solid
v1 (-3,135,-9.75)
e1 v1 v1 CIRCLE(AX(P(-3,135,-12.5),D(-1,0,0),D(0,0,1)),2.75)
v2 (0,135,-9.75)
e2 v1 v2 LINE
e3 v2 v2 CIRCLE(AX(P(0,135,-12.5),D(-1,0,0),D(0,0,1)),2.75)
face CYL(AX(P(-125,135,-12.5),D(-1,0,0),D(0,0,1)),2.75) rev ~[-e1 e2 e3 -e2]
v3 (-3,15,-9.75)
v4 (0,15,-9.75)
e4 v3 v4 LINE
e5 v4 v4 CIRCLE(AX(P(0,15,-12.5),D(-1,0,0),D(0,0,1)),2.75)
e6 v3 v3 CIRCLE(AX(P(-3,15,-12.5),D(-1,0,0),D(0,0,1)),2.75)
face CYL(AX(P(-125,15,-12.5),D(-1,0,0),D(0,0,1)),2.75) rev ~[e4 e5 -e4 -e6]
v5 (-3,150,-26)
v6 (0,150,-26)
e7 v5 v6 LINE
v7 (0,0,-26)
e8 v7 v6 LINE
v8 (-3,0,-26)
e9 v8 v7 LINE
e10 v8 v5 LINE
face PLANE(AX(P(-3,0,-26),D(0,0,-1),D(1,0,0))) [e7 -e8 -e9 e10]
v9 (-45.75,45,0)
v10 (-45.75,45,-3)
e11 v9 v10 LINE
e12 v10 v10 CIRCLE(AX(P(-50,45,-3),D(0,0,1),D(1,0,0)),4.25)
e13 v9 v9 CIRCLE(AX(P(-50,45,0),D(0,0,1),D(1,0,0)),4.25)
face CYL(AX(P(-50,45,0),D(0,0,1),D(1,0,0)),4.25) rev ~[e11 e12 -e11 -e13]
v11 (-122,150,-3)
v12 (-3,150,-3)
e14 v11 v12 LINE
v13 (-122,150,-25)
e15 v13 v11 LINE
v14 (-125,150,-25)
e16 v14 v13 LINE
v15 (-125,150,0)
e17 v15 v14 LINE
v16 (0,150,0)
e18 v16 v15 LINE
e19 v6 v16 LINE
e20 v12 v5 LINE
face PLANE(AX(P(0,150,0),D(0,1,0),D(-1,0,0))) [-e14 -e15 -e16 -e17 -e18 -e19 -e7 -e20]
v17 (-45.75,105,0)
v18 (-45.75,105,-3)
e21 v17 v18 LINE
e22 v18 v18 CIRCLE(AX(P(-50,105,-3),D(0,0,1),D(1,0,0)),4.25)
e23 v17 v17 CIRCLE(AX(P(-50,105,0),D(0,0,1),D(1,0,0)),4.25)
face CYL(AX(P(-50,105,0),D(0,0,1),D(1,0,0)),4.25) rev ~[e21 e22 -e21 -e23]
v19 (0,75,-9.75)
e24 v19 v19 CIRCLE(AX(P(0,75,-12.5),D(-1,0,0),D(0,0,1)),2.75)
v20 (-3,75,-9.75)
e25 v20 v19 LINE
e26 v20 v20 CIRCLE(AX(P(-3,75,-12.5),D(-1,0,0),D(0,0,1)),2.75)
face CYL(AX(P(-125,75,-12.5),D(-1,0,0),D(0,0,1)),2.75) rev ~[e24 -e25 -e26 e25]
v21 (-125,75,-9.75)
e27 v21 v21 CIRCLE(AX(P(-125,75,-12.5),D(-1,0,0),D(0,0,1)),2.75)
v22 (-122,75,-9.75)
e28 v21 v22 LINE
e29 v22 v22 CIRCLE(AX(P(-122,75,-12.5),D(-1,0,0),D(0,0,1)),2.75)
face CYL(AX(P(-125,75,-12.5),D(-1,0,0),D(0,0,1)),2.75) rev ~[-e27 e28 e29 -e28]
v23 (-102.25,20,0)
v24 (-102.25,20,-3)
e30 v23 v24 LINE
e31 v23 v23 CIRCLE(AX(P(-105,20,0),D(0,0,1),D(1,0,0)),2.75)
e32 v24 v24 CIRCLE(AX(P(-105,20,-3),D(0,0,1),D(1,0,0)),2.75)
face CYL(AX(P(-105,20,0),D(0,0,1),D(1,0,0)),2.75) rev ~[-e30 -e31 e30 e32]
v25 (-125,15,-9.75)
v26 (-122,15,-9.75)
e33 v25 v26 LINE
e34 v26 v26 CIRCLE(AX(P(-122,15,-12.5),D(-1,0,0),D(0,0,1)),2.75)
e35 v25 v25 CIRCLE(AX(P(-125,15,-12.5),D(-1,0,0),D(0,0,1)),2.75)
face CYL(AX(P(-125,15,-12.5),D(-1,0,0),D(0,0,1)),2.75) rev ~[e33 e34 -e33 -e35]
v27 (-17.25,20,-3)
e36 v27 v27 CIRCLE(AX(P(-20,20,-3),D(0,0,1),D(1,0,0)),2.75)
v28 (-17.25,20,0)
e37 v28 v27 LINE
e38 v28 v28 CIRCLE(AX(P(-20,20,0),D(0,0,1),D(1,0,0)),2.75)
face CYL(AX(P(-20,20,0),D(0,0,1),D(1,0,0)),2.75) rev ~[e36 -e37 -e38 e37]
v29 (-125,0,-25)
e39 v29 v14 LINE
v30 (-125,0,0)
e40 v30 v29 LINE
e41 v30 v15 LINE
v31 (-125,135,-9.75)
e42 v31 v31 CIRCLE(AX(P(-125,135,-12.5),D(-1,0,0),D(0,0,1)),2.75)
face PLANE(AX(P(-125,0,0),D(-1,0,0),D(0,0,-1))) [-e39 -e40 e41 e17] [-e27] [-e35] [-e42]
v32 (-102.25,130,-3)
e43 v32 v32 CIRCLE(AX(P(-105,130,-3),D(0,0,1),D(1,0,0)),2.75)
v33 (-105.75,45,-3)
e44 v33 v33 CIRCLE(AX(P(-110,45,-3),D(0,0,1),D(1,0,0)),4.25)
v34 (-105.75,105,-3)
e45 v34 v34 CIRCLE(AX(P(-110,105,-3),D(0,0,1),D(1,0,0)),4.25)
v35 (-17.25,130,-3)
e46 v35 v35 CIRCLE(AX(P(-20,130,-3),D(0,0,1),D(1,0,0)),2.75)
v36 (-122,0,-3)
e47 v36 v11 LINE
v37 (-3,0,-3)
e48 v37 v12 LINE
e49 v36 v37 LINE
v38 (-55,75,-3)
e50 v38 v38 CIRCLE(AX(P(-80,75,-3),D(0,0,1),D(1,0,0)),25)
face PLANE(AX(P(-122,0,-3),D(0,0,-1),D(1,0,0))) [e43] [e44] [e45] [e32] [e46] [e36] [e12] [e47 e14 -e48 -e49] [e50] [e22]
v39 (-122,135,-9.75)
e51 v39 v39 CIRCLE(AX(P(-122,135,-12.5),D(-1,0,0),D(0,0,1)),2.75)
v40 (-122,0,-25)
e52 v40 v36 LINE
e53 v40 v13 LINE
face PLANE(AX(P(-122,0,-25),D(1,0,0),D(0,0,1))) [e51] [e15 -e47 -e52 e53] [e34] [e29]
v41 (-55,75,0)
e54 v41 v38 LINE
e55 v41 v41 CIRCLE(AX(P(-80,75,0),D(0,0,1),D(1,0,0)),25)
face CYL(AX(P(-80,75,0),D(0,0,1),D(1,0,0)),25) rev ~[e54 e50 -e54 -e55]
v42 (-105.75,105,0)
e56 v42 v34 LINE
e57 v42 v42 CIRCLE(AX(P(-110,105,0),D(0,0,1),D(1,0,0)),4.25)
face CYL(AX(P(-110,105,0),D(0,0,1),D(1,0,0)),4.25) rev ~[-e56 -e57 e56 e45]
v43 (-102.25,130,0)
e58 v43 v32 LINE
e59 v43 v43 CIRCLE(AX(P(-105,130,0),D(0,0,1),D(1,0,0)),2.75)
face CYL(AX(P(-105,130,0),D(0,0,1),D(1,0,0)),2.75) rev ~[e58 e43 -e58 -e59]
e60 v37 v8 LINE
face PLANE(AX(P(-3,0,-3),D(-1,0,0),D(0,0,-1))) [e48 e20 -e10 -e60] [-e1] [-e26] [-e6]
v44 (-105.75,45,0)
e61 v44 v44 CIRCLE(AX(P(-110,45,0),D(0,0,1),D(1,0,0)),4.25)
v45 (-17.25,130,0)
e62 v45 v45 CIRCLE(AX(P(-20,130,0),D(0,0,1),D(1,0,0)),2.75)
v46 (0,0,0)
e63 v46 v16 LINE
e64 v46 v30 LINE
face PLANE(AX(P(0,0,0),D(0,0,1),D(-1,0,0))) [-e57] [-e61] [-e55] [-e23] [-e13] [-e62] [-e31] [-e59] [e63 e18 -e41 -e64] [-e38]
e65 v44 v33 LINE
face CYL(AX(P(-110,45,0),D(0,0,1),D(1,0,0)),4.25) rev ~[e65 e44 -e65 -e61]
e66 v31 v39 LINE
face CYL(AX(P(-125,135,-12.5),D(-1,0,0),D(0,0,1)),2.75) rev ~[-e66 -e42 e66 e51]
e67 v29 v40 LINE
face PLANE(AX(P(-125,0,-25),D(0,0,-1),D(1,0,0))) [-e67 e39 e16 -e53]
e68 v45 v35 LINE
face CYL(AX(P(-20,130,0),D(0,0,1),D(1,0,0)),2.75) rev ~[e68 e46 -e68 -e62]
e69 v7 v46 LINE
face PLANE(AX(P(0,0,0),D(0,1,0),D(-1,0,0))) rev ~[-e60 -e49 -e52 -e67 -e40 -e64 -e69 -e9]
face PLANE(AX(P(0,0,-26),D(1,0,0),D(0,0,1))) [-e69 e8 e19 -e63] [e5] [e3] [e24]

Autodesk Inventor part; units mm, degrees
ref_plane "YZ Plane" through (0, 0, 0) normal (1, 0, 0) x (0, 1, 0)
ref_plane "XZ Plane" through (0, 0, 0) normal (0, 1, 0) x (-1, 0, 0)
ref_plane "XY Plane" through (0, 0, 0) normal (0, 0, 1) x (1, 0, 0)
sketch "Sketch1" plane through (0, 0, 0) normal (0, 1, 0) x (-1, 0, 0)
  line L0 (0, 0) -> (125, 0)
  line L1 (0, 0) -> (125, 0) construction
  line L2 (125, 0) -> (125, -25)
  line L3 (125, -25) -> (122, -25)
  line L4 (122, -25) -> (122, -3)
  line L5 (122, -3) -> (3, -3)
  line L6 (3, -3) -> (3, -26)
  line L7 (3, -26) -> (0, -26)
  line L8 (0, -26) -> (0, 0)
  dimension "d0" = 125
  dimension "d2" = 25
  dimension "d3" = 90
  dimension "d4" = 90
  dimension "d5" = 3
  dimension "d6" = 22
  dimension "d7" = 119
  dimension "d8" = 90
  dimension "d9" = 23
  dimension "d10" = 90
  dimension "d11" = 3
  dimension "d12" = 90
extrude "Extrusion1" add sketch "Sketch1" along normal blind 150
sketch "Sketch2" plane through (-125, 0, 0) normal (0, 0, 1) x (1, 0, 0)
  circle A0 centre (15, 105) radius 4.25
  circle A1 centre (75, 105) radius 4.25
  circle A2 centre (15, 45) radius 4.25
  circle A3 centre (75, 45) radius 4.25
  line L0 (125, 0) -> (125, 150) projected
  line L1 (125, 0) -> (0, 0) projected
  circle A4 centre (45, 75) radius 25
  dimension "d15" = 8.5
  dimension "d16" = 8.5
  dimension "d17" = 8.5
  dimension "d18" = 8.5
  dimension "d19" = 60
  dimension "d20" = 60
  dimension "d21" = 60
  dimension "d22" = 60
  dimension "d23" = 60
  dimension "d24" = 60
  dimension "d25" = 50
  dimension "d26" = 45
  dimension "d27" = 50
  dimension "d28" = 80
  dimension "d29" = 75
extrude "Extrusion2" cut sketch "Sketch2" against normal blind 10
sketch "Sketch3" plane through (-125, 0, -25) normal (-1, 0, 0) x (0, 0, 1)
  circle A0 centre (12.5, 15) radius 2.75
  circle A1 centre (12.5, 135) radius 2.75
  line L0 (25, 0) -> (0, 0) projected
  line L1 (0, 150) -> (25, 150) projected
  line L2 (0, 0) -> (0, 150) projected
  line L3 (25, 0) -> (25, 150) projected
  circle A2 centre (12.5, 75) radius 2.75
  dimension "d32" = 5.5
  dimension "d33" = 5.5
  dimension "d34" = 15
  dimension "d35" = 15
  dimension "d36" = 12.5
  dimension "d37" = 12.5
  dimension "d38" = 5.5
  dimension "d39" = 12.5
  dimension "d40" = 75
extrude "Extrusion3" cut sketch "Sketch3" against normal blind 154.4625 contours A0 | A1 | A2
sketch "Sketch5" plane through (-125, 0, 0) normal (0, 0, 1) x (1, 0, 0)
  circle A0 centre (20, 130) radius 2.75
  circle A1 centre (105, 130) radius 2.75
  circle A2 centre (105, 20) radius 2.75
  circle A3 centre (20, 20) radius 2.75
  line L0 (0, 0) -> (0, 150) projected
  line L1 (0, 150) -> (125, 150) projected
  line L2 (125, 0) -> (125, 150) projected
  line L3 (125, 0) -> (0, 0) projected
  dimension "d45" = 5.5
  dimension "d46" = 5.5
  dimension "d47" = 5.5
  dimension "d48" = 5.5
  dimension "d49" = 20
  dimension "d50" = 20
  dimension "d51" = 20
  dimension "d52" = 20
  dimension "d53" = 20
  dimension "d54" = 20
  dimension "d55" = 20
  dimension "d56" = 20
extrude "Extrusion5" cut sketch "Sketch5" against normal through all contours A0 | A1 | A2 | A3
equation "\"d50\" = d49"
equation "\"d51\" = d49"
equation "\"d52\" = d49"
equation "\"d53\" = d49"
equation "\"d54\" = d49"
equation "\"d55\" = d49"
equation "\"d56\" = d49"
properties part number "Pneumatic Connector" material "Aluminum 6061"
